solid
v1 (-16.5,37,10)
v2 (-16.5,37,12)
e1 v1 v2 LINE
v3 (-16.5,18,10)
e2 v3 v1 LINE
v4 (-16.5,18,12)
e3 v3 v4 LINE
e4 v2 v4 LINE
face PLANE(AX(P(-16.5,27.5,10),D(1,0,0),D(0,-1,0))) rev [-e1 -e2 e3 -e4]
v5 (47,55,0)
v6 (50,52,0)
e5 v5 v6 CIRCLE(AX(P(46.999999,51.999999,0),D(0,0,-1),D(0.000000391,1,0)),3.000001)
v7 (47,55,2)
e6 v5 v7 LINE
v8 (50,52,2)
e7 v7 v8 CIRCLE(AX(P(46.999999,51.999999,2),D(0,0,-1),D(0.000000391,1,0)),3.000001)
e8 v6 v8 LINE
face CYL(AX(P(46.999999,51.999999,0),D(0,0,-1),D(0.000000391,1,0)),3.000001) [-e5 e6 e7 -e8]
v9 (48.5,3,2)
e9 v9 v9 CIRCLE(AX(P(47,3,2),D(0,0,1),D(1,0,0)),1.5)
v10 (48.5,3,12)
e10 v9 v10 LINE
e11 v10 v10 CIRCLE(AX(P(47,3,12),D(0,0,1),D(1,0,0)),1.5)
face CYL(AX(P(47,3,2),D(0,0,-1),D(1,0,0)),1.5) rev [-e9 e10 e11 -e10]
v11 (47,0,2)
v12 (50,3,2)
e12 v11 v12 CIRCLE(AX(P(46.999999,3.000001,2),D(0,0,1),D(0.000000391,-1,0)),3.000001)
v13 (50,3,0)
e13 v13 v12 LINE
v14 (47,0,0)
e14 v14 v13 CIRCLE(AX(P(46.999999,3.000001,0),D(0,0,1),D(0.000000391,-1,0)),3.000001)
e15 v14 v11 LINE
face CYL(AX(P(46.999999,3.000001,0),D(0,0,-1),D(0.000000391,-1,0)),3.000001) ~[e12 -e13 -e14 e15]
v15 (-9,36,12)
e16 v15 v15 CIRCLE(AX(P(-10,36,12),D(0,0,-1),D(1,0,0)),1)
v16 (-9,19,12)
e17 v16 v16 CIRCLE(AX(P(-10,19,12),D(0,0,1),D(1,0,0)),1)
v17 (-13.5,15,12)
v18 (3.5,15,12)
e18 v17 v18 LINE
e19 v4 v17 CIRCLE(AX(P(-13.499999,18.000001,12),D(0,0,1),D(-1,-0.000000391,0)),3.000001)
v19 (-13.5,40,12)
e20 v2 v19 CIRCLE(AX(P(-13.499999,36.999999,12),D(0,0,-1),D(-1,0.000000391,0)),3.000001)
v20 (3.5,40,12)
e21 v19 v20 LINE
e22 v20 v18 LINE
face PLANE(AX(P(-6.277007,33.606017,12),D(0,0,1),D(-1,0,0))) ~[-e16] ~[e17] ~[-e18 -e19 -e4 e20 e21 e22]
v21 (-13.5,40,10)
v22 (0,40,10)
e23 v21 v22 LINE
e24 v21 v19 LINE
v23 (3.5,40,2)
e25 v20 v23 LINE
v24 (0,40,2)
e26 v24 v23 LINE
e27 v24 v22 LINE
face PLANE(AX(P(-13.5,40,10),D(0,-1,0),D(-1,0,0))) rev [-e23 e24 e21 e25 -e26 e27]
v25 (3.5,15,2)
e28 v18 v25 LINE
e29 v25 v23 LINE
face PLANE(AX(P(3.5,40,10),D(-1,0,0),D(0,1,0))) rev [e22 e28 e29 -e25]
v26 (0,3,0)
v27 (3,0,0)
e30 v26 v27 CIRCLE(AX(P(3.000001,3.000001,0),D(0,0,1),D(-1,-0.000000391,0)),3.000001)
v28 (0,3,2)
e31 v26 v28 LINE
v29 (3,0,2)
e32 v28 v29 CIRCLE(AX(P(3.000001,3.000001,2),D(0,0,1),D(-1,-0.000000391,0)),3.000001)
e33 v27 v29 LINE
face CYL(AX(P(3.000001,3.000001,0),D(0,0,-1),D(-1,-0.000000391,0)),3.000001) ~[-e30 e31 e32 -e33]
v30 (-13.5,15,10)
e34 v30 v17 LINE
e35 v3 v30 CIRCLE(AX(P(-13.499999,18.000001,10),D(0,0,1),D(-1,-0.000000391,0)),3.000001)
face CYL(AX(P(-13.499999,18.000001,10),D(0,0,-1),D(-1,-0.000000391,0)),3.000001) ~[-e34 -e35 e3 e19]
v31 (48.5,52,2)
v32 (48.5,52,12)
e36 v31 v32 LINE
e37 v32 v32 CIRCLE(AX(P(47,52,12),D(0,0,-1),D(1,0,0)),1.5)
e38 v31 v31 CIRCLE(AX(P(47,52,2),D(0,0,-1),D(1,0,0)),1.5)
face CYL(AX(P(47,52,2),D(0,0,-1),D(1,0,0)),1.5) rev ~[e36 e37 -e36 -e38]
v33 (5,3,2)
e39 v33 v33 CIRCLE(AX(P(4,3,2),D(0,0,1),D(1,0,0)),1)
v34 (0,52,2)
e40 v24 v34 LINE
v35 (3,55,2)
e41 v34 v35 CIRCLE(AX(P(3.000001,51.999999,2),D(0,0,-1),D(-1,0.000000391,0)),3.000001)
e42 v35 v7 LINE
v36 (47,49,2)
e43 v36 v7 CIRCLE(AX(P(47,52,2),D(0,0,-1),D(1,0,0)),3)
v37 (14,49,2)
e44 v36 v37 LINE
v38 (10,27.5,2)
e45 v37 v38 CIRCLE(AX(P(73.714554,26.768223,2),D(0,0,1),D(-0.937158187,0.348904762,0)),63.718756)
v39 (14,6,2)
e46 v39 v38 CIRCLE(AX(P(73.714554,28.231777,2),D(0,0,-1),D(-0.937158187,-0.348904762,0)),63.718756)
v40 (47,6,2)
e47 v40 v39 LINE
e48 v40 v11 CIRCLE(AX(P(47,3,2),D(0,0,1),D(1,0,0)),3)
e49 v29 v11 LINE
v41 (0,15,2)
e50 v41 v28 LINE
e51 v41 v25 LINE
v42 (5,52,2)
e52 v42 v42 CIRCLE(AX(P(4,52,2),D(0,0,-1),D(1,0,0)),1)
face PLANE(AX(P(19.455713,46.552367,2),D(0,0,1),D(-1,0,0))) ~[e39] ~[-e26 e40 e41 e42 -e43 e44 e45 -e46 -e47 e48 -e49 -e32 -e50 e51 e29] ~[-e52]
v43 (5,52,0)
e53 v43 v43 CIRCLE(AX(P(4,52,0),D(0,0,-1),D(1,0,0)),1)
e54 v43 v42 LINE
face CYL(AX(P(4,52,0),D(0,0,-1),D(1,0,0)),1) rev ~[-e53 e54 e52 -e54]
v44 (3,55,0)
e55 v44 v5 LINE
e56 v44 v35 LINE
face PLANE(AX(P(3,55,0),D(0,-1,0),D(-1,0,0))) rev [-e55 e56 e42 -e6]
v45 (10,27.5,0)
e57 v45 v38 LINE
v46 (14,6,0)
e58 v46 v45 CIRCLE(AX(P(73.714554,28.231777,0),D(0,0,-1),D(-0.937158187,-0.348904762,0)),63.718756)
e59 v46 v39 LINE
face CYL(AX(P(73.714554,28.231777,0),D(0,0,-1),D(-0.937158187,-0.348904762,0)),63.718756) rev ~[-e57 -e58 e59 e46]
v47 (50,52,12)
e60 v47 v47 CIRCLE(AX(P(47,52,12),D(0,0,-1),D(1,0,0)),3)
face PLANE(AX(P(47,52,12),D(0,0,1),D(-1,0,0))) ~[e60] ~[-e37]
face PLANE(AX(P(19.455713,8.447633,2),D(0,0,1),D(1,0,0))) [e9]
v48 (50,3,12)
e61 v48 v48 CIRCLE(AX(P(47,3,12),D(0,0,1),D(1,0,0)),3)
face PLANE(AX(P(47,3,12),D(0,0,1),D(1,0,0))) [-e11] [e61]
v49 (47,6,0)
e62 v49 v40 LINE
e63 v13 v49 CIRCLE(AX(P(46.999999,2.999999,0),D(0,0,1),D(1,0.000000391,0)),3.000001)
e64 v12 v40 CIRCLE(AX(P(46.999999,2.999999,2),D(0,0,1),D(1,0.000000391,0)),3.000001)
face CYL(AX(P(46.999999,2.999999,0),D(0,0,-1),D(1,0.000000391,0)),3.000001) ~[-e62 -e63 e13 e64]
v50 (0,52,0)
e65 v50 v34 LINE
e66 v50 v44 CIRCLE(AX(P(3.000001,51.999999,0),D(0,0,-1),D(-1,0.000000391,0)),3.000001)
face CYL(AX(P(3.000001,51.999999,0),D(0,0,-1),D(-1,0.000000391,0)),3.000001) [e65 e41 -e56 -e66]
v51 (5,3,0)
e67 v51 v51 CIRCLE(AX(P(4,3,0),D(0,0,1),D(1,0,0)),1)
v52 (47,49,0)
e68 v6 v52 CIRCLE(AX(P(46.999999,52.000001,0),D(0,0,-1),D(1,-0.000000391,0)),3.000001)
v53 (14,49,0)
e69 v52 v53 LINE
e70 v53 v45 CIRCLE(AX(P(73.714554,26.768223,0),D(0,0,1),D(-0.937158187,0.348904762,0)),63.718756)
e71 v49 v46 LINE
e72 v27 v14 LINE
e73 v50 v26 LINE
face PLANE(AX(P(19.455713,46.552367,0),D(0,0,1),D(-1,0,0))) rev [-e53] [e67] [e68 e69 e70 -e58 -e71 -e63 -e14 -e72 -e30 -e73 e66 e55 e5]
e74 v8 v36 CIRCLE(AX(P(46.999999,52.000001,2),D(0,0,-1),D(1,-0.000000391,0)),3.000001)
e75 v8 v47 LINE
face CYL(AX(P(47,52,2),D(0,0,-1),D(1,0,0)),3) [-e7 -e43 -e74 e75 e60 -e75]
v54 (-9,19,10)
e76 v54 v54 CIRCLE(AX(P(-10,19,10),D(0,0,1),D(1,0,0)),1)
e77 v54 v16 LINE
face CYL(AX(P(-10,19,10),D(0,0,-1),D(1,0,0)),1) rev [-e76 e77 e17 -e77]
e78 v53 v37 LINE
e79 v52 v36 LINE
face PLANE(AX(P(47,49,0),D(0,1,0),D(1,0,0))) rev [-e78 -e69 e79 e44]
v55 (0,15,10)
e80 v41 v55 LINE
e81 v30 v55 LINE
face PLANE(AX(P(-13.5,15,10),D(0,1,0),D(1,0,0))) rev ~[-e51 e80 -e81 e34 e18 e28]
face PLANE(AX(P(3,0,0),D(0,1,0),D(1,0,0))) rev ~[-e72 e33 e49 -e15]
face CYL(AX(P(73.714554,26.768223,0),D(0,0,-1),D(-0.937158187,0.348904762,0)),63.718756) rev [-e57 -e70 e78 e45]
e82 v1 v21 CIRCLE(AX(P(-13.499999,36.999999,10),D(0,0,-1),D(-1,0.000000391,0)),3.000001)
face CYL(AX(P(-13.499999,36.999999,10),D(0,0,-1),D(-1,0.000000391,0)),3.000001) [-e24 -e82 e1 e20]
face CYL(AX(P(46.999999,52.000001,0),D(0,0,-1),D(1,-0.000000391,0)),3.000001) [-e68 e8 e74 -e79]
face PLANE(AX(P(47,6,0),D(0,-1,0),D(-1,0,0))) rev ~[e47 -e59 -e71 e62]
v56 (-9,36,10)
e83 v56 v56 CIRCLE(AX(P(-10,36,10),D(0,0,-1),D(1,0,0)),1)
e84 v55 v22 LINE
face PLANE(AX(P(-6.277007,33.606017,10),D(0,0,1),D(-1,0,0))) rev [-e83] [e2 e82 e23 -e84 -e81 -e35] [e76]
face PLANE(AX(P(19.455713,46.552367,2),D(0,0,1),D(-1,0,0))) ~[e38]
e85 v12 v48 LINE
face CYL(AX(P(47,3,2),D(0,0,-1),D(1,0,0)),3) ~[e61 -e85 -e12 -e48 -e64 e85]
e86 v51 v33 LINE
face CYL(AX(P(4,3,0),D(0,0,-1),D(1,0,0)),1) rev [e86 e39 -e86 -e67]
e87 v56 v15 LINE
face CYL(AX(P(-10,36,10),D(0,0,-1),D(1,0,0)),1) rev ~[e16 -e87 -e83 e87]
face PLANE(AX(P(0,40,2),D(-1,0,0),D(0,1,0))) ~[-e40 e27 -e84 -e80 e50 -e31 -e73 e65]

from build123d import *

# Parameters (mm, degrees)
F0_R     = 1
F1_DEPTH = 2
F2_R     = 3
F2_R_2   = 1.5
F3_DEPTH = 10
F4_W     = 3.5
F4_H     = 12.5
F5_DEPTH = 6
F6_DEPTH = 8
F7_R     = 1
F8_DEPTH = 2


with BuildPart() as f1:
    # F0 (on Top) → F1 (new body)
    with BuildSketch(Plane.XY):
        with BuildLine():
            ThreePointArc((0, 3), (0.87868, 0.87868), (3, 0))
            Line((3, 0), (47, 0))
            ThreePointArc((47, 0), (49.12132, 0.87868), (50, 3))
            ThreePointArc((50, 3), (49.12132, 5.12132), (47, 6))
            Line((47, 6), (14, 6))
            ThreePointArc((14, 6), (11.07073, 16.577113), (10, 27.5))
            Line((10, 27.5), (0, 27.5))
            Line((0, 27.5), (0, 6))
            Line((0, 6), (0, 3))
        make_face()
        with Locations((4, 3)):
            Circle(F0_R, mode=Mode.SUBTRACT)
    extrude(amount=F1_DEPTH)

    # F2 (on face) → F3 (join)
    with BuildSketch(Plane.XY.offset(2)):
        with Locations((47, 3)):
            Circle(F2_R)
        with Locations((47, 3)):
            Circle(F2_R_2, mode=Mode.SUBTRACT)
    extrude(amount=F3_DEPTH)

    # F4 (on face) → F5 (join)
    with BuildSketch(Plane.XY.offset(2)):
        with Locations((1.75, 21.25)):
            Rectangle(F4_W, F4_H)
    extrude(amount=F5_DEPTH)

    # F4 (on face) → F6 (join)
    with BuildSketch(Plane.XY.offset(2)):
        with Locations((1.75, 21.25)):
            Rectangle(F4_W, F4_H)
    extrude(amount=F6_DEPTH)

    # F7 (on face) → F8 (join)
    with BuildSketch(Plane.XY.offset(10)):
        with BuildLine():
            Line((3.5, 15), (3.5, 27.5))
            Line((3.5, 27.5), (-16.5, 27.5))
            Line((-16.5, 27.5), (-16.5, 18))
            ThreePointArc((-16.5, 18), (-15.62132, 15.87868), (-13.5, 15))
            Line((-13.5, 15), (3.5, 15))
        make_face()
        with Locations((-10, 19)):
            Circle(F7_R, mode=Mode.SUBTRACT)
    extrude(amount=F8_DEPTH)

    # F9: F1 across face


with BuildPart() as f1_1:
    add(f1.part)
    add(f1.part.mirror(Plane(origin=(-1.261364, 27.5, 7.136364), x_dir=(-1, 0, 0), z_dir=(0, 1, 0))))


solid = f1_1.part
